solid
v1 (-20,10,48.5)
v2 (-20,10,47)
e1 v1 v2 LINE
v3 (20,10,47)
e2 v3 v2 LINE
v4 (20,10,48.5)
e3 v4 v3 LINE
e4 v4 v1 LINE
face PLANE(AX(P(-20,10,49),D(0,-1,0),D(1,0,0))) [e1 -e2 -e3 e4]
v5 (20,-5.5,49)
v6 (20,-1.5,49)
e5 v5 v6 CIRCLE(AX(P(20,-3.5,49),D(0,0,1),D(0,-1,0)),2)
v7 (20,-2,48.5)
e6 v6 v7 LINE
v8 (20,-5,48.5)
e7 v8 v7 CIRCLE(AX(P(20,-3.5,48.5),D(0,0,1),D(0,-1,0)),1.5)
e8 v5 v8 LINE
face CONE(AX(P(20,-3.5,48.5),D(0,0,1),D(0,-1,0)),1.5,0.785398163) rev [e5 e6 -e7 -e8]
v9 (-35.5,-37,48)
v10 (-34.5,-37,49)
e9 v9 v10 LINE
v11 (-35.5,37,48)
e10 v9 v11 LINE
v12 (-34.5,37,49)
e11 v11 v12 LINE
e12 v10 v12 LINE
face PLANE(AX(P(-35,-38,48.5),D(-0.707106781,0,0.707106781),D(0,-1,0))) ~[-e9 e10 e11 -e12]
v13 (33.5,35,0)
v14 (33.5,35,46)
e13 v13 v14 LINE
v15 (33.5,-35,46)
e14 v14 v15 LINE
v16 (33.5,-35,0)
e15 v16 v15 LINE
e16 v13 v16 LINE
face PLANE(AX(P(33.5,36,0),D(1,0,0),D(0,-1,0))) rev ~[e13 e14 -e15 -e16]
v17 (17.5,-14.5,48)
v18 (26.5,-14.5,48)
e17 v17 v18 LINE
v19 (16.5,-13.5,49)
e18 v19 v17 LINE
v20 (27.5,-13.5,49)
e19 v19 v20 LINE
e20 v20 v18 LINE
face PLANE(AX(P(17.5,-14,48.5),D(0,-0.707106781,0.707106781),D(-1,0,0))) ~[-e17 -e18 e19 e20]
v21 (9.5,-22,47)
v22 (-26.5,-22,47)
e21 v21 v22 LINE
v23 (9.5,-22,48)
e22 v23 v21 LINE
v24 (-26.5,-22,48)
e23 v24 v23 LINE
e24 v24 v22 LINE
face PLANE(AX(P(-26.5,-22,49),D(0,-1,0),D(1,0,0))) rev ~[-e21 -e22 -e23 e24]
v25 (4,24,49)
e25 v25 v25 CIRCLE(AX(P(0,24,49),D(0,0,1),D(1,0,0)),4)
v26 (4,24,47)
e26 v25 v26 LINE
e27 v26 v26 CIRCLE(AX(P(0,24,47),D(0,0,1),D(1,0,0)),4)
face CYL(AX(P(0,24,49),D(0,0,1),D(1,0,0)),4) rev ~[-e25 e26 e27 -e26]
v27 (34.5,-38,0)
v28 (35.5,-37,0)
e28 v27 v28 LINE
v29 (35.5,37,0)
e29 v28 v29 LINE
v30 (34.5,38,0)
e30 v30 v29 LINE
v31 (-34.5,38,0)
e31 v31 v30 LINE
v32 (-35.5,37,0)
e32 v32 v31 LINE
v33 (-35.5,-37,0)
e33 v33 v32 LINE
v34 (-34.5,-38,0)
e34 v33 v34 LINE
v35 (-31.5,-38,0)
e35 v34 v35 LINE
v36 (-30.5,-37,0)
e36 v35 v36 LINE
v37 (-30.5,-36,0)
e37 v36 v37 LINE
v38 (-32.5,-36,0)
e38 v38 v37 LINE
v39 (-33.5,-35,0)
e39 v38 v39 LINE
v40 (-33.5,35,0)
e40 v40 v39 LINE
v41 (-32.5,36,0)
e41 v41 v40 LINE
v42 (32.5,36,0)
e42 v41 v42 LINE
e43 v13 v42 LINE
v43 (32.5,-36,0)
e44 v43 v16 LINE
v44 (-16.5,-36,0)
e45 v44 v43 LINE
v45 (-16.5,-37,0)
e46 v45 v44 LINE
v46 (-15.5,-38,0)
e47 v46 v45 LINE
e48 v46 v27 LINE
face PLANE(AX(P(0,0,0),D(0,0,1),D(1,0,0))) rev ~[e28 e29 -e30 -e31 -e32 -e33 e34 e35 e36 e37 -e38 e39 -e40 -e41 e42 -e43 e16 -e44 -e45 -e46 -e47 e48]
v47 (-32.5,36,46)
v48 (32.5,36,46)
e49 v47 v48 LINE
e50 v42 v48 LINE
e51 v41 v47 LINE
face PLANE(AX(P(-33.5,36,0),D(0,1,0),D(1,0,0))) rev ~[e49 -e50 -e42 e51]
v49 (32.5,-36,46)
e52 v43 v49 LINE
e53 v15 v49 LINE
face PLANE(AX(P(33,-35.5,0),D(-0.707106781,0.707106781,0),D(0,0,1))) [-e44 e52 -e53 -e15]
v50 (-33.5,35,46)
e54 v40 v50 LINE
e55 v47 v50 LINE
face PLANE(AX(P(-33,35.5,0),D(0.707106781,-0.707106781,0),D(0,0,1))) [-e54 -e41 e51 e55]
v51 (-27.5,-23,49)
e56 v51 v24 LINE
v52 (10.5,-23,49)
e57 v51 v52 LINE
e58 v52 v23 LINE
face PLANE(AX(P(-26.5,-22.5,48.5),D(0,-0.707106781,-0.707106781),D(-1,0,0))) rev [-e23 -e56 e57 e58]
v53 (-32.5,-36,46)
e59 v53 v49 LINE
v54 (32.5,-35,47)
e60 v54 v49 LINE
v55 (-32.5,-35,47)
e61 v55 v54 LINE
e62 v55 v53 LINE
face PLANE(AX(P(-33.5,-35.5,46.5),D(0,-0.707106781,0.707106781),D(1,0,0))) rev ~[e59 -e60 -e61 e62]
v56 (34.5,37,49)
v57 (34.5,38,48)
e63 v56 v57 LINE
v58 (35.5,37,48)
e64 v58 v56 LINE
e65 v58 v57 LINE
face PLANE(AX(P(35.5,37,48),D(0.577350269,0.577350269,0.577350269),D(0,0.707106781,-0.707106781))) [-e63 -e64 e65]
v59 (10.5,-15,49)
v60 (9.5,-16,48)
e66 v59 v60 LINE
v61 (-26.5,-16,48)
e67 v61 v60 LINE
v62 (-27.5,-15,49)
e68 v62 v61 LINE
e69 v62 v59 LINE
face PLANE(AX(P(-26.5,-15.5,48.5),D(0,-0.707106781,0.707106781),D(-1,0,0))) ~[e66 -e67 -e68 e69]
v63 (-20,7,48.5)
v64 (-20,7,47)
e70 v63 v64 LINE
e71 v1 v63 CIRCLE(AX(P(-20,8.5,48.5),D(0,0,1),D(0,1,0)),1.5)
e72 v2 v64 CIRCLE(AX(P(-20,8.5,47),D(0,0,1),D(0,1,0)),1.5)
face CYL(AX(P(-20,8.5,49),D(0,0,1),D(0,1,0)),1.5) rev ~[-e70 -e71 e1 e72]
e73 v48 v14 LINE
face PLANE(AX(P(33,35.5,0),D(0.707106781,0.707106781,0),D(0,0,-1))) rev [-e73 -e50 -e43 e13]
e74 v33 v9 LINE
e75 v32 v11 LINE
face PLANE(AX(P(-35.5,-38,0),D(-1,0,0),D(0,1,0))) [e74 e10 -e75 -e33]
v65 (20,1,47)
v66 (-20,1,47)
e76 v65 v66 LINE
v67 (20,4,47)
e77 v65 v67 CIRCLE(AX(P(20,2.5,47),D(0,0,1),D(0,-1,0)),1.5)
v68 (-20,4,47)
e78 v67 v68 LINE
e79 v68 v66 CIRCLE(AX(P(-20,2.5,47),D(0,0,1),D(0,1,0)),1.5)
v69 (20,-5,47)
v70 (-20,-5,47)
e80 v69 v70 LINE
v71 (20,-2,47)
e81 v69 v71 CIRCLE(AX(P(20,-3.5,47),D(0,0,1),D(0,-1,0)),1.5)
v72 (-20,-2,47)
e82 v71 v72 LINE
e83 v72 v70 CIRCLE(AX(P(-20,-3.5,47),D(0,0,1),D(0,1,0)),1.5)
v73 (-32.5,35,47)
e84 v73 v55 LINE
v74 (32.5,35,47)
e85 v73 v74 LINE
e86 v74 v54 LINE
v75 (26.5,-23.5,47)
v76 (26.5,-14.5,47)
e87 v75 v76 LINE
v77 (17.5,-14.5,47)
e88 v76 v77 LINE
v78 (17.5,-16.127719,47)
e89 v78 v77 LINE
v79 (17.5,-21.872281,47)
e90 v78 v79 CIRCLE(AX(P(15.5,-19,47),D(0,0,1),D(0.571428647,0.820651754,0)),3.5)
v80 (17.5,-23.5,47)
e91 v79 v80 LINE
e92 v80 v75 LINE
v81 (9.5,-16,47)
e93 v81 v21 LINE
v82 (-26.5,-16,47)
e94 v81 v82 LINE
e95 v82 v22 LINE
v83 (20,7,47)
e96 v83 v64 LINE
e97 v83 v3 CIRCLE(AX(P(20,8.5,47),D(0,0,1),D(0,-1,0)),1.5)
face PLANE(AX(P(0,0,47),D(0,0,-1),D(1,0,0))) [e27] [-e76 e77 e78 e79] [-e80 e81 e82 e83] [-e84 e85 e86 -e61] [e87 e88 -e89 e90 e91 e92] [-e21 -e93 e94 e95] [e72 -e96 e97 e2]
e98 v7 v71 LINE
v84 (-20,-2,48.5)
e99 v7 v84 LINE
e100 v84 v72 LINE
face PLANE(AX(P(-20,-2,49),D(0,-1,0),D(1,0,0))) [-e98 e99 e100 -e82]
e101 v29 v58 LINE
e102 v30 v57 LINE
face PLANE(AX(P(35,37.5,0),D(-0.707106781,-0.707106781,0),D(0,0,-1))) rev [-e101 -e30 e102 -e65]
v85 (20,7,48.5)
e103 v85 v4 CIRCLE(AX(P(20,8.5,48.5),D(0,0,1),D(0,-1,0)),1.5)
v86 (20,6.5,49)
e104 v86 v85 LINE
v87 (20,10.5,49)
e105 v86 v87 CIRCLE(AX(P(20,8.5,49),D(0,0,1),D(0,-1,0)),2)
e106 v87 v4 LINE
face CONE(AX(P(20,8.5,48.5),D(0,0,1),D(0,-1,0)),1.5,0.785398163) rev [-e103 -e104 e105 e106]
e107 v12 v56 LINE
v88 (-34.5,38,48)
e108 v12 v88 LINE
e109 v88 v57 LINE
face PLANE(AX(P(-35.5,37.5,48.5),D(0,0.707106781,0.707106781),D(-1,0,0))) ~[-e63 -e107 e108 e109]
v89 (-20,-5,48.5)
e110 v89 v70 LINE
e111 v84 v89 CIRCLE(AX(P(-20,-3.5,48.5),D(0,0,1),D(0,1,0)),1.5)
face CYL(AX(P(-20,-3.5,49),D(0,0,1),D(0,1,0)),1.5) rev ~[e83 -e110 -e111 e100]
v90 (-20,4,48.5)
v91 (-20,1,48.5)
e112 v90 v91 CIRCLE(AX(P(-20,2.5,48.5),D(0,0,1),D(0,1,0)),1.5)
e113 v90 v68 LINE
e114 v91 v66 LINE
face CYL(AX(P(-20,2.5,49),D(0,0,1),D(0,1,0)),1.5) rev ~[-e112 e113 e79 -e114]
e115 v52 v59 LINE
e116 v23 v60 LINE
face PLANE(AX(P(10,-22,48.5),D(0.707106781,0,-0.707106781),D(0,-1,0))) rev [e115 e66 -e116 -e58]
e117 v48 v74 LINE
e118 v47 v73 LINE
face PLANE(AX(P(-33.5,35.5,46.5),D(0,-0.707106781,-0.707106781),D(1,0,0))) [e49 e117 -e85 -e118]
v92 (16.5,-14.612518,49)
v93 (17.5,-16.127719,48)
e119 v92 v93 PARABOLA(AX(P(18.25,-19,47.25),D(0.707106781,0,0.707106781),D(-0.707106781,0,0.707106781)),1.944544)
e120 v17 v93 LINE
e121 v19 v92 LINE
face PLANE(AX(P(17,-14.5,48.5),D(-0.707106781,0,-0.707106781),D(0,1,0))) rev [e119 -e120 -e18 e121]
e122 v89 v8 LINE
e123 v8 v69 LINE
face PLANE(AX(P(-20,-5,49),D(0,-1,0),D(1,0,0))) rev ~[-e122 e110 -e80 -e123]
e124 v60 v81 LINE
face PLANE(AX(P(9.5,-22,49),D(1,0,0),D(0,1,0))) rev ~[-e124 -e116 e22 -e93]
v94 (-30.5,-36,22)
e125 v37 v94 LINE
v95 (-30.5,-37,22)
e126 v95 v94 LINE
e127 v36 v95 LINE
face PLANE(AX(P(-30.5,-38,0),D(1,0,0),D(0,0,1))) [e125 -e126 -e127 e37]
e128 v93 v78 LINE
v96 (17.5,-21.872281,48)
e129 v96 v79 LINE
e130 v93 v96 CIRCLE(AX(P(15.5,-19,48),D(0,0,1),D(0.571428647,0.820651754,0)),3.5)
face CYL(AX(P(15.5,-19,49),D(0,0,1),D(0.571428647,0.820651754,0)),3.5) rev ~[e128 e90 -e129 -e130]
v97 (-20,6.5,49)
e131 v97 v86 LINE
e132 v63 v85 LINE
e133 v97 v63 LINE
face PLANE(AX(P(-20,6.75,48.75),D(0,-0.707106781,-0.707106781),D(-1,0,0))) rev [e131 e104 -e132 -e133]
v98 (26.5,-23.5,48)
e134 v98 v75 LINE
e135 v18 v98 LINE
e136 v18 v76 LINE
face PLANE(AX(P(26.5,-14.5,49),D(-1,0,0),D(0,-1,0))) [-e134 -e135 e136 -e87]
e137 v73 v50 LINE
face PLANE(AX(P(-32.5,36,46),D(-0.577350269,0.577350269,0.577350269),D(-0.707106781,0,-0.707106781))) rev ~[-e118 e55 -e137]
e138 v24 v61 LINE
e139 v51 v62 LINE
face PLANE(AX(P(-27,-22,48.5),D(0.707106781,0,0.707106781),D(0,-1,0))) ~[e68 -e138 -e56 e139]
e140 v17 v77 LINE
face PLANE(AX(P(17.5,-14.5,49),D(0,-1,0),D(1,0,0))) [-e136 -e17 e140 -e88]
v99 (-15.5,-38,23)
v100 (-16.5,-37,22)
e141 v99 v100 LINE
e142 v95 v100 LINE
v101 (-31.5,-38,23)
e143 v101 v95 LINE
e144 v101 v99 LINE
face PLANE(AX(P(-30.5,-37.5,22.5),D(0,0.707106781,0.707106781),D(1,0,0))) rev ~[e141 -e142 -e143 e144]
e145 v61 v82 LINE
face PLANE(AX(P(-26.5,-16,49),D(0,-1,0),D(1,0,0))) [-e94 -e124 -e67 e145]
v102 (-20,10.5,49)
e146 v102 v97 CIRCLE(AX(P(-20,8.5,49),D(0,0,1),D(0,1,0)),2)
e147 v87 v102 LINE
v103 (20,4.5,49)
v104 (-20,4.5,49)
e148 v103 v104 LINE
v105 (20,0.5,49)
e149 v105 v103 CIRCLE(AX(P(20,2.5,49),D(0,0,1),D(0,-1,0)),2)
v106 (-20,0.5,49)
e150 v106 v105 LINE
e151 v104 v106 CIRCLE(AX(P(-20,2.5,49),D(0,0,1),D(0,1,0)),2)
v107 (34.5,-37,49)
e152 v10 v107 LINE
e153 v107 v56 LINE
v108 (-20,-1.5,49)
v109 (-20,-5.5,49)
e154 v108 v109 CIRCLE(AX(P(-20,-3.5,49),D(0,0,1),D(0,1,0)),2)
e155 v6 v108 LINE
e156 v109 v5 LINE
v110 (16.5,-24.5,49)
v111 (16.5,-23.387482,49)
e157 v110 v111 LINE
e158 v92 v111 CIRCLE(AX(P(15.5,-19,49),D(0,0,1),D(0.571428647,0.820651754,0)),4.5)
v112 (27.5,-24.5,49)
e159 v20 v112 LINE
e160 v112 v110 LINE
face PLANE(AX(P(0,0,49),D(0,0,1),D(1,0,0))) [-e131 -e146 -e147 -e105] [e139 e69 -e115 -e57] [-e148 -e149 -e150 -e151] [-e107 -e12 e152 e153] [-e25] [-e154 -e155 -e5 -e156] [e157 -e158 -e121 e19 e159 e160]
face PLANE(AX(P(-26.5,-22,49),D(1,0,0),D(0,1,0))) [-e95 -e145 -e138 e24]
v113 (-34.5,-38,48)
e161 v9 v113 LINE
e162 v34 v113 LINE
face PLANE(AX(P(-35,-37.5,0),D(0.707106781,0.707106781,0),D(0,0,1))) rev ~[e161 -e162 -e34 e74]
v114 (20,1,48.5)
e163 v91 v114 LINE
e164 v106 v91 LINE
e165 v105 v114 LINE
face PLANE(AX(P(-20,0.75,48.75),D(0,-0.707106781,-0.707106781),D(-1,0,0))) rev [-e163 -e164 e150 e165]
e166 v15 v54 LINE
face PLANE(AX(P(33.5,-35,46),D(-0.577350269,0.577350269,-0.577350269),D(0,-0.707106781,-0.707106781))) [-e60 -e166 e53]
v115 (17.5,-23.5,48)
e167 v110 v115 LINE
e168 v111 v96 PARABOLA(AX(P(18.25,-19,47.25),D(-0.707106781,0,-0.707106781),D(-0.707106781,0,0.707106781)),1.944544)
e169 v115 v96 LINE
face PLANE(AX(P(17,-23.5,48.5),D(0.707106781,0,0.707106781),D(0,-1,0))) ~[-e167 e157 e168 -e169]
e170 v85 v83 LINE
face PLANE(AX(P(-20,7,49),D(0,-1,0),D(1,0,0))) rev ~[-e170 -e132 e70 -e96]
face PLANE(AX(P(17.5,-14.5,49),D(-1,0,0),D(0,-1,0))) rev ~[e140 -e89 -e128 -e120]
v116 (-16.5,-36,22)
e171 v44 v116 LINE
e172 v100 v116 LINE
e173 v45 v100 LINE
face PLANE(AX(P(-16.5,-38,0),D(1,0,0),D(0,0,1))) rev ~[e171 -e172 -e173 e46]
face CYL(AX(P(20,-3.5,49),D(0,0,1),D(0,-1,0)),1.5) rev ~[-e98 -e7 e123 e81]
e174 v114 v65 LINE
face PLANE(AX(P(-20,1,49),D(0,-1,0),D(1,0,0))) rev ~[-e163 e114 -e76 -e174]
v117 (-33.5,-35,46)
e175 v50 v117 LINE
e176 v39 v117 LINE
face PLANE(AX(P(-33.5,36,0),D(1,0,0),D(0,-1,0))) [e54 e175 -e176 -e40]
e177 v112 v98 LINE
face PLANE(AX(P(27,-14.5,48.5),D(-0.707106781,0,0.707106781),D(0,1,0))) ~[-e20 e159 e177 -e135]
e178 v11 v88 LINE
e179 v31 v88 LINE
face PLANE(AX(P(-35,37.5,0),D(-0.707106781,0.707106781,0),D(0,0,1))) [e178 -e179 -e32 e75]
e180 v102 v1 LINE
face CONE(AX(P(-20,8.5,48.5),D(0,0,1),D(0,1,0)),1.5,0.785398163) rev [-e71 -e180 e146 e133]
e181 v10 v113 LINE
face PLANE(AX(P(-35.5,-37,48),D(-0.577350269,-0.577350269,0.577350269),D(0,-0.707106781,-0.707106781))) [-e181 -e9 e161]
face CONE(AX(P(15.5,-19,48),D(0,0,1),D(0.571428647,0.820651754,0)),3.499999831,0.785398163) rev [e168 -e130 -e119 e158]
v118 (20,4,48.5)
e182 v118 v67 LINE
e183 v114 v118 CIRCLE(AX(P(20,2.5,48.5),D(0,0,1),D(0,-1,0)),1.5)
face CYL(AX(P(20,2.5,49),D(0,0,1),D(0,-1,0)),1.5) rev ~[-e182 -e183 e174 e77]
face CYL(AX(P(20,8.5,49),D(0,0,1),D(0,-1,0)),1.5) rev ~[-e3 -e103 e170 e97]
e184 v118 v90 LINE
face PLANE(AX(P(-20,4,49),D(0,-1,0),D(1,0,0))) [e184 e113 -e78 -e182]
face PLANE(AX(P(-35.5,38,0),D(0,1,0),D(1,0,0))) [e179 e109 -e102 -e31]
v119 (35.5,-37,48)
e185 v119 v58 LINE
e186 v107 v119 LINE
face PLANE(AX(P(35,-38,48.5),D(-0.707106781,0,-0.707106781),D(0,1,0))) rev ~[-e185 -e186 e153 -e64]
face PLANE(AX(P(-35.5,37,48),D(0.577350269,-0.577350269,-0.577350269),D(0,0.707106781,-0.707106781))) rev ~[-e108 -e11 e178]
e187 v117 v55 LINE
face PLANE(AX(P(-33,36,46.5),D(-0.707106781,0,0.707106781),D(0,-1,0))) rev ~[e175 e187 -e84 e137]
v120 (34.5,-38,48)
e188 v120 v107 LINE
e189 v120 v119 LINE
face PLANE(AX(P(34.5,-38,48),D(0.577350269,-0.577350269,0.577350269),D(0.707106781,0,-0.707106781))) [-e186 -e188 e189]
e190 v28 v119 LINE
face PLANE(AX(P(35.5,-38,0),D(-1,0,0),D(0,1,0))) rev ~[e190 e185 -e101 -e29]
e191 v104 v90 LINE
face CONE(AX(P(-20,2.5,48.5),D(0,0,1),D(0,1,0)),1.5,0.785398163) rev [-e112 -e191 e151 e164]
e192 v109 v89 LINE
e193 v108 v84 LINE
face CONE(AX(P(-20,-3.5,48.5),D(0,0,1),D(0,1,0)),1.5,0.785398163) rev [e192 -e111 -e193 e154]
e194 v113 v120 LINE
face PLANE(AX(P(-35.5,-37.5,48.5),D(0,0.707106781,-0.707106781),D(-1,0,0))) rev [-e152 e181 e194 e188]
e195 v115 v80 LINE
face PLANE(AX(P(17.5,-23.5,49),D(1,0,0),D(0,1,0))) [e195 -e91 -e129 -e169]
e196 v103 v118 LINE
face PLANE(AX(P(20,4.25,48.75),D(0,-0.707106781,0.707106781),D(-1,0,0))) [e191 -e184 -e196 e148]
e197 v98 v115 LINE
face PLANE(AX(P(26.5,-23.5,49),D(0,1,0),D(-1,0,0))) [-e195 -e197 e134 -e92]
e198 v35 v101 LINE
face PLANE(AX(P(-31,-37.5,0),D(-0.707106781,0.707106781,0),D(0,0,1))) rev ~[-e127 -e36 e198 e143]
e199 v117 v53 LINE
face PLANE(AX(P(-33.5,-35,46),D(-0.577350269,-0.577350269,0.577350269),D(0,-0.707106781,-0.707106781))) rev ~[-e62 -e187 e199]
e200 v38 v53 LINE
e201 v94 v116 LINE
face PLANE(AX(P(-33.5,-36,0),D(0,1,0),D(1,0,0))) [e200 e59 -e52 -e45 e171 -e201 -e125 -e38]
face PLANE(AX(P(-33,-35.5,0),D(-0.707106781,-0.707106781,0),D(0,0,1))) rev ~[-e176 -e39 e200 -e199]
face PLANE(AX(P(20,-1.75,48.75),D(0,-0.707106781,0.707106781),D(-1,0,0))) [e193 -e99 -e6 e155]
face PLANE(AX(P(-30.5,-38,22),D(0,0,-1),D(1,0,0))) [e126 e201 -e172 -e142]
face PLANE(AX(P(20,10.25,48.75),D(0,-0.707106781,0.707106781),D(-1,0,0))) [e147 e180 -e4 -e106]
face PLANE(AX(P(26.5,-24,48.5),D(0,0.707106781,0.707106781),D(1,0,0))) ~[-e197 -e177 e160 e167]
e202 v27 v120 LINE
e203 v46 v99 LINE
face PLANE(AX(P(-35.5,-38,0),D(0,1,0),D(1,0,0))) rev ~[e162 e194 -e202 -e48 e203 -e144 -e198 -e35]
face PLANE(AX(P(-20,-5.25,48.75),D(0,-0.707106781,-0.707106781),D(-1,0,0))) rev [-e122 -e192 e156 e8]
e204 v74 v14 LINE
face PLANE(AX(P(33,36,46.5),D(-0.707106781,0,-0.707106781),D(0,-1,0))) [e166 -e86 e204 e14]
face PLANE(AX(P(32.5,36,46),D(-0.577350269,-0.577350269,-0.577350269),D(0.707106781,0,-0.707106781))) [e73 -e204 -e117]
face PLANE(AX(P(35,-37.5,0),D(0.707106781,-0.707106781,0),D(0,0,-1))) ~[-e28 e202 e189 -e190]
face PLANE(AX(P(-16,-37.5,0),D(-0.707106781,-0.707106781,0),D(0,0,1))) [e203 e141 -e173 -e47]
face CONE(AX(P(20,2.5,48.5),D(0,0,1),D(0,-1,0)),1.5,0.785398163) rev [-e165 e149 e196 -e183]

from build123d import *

# Parameters (mm, degrees)
SKETCH_W        = 71
SKETCH_H        = 76
PAD_DEPTH       = 49
SKETCH001_W     = 67
SKETCH001_H     = 72
POCKET_DEPTH    = 47
SKETCH002_W     = 14
SKETCH002_H     = 22
POCKET001_DEPTH = 2
SKETCH003_R     = 4
SKETCH003_W     = 36
SKETCH003_H     = 6
POCKET002_DEPTH = 49.001
CHAMFER_SIZE    = 1
POCKET003_DEPTH = 49.001
CHAMFER001_SIZE = 0.5


with BuildPart() as part:
    # Sketch → Pad (new body)
    with BuildSketch(Plane.XY):
        Rectangle(SKETCH_W, SKETCH_H)
    extrude(amount=PAD_DEPTH)

    # Sketch001 (on Face5 of Pad) → Pocket (cut)
    with BuildSketch(Plane(origin=(0, 0, 0), x_dir=(1, 0, 0), z_dir=(0, 0, -1))):
        Rectangle(SKETCH001_W, SKETCH001_H)
    extrude(amount=-POCKET_DEPTH, mode=Mode.SUBTRACT)

    # Sketch002 (on Face6 of Pocket) → Pocket001 (cut)
    with BuildSketch(Plane.XZ.offset(38)):
        with Locations((-23.5, 11)):
            Rectangle(SKETCH002_W, SKETCH002_H)
    extrude(amount=-POCKET001_DEPTH, mode=Mode.SUBTRACT)

    # Sketch003 (on Face4 of Pocket001) → Pocket002 (cut, through all)
    with BuildSketch(Plane.XY.offset(49)):
        with Locations((0, 24)):
            Circle(SKETCH003_R)
        with Locations((-8.5, -19)):
            Rectangle(SKETCH003_W, SKETCH003_H)
        with BuildLine():
            Line((26.5, -23.5), (17.5, -23.5))
            Line((17.5, -23.5), (17.5, -21.872281))
            ThreePointArc((17.5, -16.127719), (12, -19), (17.5, -21.872281))
            Line((17.5, -14.5), (17.5, -16.127719))
            Line((17.5, -14.5), (26.5, -14.5))
            Line((26.5, -14.5), (26.5, -23.5))
        make_face()
    extrude(amount=-POCKET002_DEPTH, mode=Mode.SUBTRACT)

    # Chamfer
    chamfer_edges = [part.edges().sort_by_distance(p)[0] for p in [
        (22, -23.5, 49),
        (12, -19, 49),
        (17.5, -22.686141, 49),
        (17.5, -15.313859, 49),
        (22, -14.5, 49),
        (26.5, -19, 49),
        (9.5, -19, 49),
        (-8.5, -22, 49),
        (-8.5, -16, 49),
        (-26.5, -19, 49),
        (0, 38, 49),
        (35.5, 0, 49),
        (0, -38, 49),
        (-35.5, 0, 49),
        (0, -36, 47),
        (33.5, 0, 47),
        (-33.5, 0, 47),
        (0, 36, 47),
        (-35.5, -38, 24.5),
        (-35.5, 38, 24.5),
        (35.5, -38, 24.5),
        (35.5, 38, 24.5),
        (33.5, -36, 23.5),
        (33.5, 36, 23.5),
        (-33.5, 36, 23.5),
        (-33.5, -36, 23.5),
        (-23.5, -38, 22),
        (-30.5, -38, 11),
        (-16.5, -38, 11),
    ]]
    chamfer(chamfer_edges, length=CHAMFER_SIZE)

    # Sketch004 (on Face25 of Chamfer) → Pocket003 (cut, through all)
    with BuildSketch(Plane.XY.offset(49)):
        with BuildLine():
            ThreePointArc((-20, 10), (-21.5, 8.5), (-20, 7))
            Line((-20, 7), (20, 7))
            ThreePointArc((20, 7), (21.5, 8.5), (20, 10))
            Line((-20, 10), (20, 10))
        make_face()
        with BuildLine():
            ThreePointArc((-20, 4), (-21.5, 2.5), (-20, 1))
            Line((-20, 1), (20, 1))
            ThreePointArc((20, 1), (21.5, 2.5), (20, 4))
            Line((-20, 4), (20, 4))
        make_face()
        with BuildLine():
            ThreePointArc((-20, -2), (-21.5, -3.5), (-20, -5))
            Line((-20, -5), (20, -5))
            ThreePointArc((20, -5), (21.5, -3.5), (20, -2))
            Line((-20, -2), (20, -2))
        make_face()
    extrude(amount=-POCKET003_DEPTH, mode=Mode.SUBTRACT)

    # Chamfer001
    chamfer001_edges = [part.edges().sort_by_distance(p)[0] for p in [
        (0, -5, 49),
        (0, 1, 49),
        (0, 7, 49),
    ]]
    chamfer(chamfer001_edges, length=CHAMFER001_SIZE)


solid = part.part
